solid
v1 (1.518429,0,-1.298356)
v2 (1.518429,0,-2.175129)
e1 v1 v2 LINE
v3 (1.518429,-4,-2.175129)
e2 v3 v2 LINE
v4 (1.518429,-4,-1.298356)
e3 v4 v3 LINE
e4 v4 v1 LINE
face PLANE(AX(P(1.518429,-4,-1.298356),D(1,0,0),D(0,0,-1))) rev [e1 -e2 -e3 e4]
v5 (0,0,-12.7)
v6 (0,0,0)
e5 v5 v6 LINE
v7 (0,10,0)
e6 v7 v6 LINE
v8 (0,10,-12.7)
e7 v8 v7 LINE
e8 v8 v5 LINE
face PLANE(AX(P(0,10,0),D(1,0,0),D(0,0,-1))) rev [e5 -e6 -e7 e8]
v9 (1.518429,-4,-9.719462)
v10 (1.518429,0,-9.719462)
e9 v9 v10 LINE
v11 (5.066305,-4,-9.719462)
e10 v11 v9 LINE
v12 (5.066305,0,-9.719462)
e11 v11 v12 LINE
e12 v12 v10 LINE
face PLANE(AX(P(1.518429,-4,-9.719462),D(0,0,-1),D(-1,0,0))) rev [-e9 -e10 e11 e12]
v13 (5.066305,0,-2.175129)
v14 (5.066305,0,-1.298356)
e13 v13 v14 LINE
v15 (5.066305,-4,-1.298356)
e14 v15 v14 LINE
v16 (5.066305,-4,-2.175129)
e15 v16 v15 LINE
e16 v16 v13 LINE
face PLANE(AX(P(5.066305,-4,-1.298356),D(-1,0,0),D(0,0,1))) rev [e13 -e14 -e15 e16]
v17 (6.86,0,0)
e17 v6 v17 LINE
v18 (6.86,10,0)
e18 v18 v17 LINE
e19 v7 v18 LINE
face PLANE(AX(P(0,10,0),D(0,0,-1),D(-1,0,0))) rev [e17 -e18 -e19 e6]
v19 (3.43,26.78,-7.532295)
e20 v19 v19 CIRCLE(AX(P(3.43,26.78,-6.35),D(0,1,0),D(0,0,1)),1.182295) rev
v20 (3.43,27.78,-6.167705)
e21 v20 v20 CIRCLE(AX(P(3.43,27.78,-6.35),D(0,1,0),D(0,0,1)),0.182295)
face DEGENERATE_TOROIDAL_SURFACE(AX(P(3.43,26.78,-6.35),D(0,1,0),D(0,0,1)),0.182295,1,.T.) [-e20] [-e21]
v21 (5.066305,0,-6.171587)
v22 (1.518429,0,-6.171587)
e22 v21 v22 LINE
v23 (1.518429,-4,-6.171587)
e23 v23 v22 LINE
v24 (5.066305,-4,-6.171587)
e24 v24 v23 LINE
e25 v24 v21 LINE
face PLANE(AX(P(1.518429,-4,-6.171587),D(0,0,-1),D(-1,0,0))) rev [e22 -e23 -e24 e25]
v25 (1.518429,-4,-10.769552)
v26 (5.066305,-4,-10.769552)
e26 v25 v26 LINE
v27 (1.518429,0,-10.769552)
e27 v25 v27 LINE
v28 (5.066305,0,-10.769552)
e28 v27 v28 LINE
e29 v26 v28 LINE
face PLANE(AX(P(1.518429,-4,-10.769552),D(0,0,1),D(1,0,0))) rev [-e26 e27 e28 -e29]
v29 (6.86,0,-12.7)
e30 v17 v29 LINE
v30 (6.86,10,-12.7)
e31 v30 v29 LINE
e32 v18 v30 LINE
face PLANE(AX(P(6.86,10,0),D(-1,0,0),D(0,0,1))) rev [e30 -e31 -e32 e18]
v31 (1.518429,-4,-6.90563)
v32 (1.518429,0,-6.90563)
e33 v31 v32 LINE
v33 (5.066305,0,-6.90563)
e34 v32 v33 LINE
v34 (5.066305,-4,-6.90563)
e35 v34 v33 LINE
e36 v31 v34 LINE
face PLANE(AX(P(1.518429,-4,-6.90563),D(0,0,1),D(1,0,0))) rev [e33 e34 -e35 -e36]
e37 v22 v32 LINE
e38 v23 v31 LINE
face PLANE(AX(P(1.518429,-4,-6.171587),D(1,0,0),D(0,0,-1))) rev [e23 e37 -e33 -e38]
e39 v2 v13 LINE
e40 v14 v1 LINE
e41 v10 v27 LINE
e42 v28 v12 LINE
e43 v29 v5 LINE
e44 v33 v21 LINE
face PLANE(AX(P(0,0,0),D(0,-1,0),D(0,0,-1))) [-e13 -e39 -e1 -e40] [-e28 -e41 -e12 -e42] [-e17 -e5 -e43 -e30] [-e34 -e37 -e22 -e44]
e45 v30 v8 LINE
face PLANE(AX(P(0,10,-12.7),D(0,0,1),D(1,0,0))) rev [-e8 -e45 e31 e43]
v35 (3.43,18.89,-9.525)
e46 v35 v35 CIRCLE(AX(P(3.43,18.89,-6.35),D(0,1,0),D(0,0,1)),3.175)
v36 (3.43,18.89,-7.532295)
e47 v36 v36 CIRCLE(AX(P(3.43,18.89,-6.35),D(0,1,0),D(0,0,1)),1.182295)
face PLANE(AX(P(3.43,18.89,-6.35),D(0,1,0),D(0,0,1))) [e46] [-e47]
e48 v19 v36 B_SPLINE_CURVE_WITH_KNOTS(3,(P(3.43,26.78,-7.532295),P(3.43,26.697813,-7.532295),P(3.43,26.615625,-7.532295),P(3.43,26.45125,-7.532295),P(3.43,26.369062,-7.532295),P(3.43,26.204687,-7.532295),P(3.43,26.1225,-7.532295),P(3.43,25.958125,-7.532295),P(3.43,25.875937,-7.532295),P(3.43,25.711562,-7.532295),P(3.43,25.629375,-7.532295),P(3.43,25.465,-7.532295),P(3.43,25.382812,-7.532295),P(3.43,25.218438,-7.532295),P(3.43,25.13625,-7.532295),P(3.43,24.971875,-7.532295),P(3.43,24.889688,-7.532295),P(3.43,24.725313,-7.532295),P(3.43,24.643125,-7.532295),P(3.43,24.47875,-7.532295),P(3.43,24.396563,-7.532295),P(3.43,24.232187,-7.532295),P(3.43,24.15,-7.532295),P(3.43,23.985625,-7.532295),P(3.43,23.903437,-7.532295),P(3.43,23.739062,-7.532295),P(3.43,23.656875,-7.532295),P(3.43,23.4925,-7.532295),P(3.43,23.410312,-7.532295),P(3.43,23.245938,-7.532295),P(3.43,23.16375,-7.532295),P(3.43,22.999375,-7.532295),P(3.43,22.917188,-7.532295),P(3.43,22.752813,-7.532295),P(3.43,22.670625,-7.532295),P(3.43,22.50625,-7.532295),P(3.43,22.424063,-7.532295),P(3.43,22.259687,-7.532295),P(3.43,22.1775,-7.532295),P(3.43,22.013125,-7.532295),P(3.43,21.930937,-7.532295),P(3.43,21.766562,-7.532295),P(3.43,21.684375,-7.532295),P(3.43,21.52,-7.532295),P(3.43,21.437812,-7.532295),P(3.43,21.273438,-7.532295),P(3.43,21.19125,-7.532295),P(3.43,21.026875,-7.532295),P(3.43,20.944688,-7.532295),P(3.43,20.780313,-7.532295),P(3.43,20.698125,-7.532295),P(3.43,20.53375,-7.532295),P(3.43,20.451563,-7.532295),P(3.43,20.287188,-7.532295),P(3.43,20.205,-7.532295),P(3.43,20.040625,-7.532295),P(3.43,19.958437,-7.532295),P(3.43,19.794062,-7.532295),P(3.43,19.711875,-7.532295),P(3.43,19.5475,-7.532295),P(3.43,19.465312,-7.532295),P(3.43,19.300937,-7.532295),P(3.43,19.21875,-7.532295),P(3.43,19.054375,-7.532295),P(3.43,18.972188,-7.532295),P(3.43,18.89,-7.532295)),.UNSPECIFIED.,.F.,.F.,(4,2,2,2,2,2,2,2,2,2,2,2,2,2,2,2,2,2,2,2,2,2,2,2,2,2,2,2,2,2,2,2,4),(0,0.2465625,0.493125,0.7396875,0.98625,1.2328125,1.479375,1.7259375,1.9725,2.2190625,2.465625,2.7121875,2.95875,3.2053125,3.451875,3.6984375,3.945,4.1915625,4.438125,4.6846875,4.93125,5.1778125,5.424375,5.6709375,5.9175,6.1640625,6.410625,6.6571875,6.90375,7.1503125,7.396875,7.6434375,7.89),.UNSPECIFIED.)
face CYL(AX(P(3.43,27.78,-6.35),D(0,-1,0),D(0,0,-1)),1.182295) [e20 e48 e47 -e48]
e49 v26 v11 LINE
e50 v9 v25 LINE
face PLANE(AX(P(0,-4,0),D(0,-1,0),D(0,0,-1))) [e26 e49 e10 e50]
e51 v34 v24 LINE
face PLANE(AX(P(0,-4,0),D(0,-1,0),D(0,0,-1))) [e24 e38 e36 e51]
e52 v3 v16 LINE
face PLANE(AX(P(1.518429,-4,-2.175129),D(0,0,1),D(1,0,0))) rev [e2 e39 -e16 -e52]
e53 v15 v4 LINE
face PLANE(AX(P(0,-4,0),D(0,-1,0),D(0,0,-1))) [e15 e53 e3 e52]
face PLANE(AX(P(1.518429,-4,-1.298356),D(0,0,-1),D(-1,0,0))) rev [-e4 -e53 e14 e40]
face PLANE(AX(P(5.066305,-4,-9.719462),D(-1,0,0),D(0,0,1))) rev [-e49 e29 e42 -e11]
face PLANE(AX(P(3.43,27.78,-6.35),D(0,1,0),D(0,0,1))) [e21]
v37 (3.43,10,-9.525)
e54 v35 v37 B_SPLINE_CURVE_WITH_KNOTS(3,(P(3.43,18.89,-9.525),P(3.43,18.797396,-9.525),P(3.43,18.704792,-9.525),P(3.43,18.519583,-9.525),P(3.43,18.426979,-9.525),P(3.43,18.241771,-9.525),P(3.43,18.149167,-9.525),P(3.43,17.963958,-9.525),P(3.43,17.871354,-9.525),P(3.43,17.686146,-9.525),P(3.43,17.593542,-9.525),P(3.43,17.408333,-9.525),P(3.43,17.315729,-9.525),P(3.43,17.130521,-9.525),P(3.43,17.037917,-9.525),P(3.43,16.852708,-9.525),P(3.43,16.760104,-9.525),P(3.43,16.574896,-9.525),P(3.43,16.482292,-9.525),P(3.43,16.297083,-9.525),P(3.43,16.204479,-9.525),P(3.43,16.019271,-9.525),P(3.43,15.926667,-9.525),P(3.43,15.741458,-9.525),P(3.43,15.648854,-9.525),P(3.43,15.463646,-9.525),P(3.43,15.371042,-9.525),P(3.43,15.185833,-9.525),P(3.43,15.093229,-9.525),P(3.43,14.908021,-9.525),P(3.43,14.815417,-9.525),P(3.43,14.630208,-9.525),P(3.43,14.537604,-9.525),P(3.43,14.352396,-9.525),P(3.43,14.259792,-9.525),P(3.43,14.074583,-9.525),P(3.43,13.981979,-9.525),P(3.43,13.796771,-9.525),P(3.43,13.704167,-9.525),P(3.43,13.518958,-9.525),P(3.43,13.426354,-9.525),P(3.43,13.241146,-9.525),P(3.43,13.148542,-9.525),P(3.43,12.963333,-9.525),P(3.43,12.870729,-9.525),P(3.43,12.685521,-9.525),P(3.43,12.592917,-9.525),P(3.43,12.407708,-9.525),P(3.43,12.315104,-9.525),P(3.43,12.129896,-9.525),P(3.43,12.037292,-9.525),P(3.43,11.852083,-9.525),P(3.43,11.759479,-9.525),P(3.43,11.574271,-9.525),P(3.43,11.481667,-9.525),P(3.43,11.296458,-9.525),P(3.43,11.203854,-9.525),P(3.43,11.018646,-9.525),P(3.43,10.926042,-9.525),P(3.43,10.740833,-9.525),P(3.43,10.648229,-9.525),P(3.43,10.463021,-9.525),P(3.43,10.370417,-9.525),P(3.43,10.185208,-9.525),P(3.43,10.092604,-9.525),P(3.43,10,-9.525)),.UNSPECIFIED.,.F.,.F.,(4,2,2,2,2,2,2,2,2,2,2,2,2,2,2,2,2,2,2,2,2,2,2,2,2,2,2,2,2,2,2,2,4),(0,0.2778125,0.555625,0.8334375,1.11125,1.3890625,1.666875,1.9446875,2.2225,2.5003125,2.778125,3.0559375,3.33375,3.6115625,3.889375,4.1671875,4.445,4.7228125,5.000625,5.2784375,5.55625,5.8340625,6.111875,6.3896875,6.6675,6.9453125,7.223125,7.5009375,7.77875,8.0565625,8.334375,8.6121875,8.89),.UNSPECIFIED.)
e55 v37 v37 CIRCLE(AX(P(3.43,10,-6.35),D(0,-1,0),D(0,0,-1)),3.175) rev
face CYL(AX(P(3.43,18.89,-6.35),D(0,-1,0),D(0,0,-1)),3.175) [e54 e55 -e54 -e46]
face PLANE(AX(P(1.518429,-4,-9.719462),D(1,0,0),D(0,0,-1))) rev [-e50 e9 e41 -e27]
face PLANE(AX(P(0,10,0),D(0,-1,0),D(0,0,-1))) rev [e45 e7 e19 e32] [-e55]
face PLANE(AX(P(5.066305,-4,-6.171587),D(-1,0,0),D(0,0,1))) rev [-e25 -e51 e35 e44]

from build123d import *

# Parameters (mm, degrees)
SKETCH1_W           = 6.86
SKETCH1_H           = 12.7
BOSS_EXTRUDE1_DEPTH = 10
SKETCH2_W           = 3.547875369
SKETCH2_H           = 0.73404318
SKETCH2_H_2         = 0.876773798
SKETCH2_H_3         = 1.050089549
BOSS_EXTRUDE2_DEPTH = 4
SKETCH3_R           = 3.175
BOSS_EXTRUDE3_DEPTH = 8.89
SKETCH4_R           = 1.182295496
BOSS_EXTRUDE4_DEPTH = 8.89
FILLET1_R           = 1


with BuildPart() as part:
    # Sketch1 → Boss-Extrude1 (new body)
    with BuildSketch(Plane(origin=(0, 0, 0), x_dir=(1, 0, 0), z_dir=(0, 1, 0))):
        with Locations((3.43, 6.35)):
            Rectangle(SKETCH1_W, SKETCH1_H)
    extrude(amount=BOSS_EXTRUDE1_DEPTH)

    # Sketch2 → Boss-Extrude2 (add)
    with BuildSketch(Plane.XZ):
        with Locations((3.292366904, -6.538608317)):
            Rectangle(SKETCH2_W, SKETCH2_H)
        with Locations((3.292366904, -1.736742516)):
            Rectangle(SKETCH2_W, SKETCH2_H_2)
        with Locations((3.292366904, -10.244506871)):
            Rectangle(SKETCH2_W, SKETCH2_H_3)
    extrude(amount=BOSS_EXTRUDE2_DEPTH)

    # Sketch3 → Boss-Extrude3 (add)
    with BuildSketch(Plane(origin=(0, 10, 0), x_dir=(1, 0, 0), z_dir=(0, 1, 0))):
        with Locations(Location((3.43, 6.35, 0), (0, 0, 90))):
            Circle(SKETCH3_R)
    extrude(amount=BOSS_EXTRUDE3_DEPTH)

    # Sketch4 → Boss-Extrude4 (add)
    with BuildSketch(Plane(origin=(0, 18.89, 0), x_dir=(1, 0, 0), z_dir=(0, 1, 0))):
        with Locations(Location((3.43, 6.35, 0), (0, 0, 90))):
            Circle(SKETCH4_R)
    extrude(amount=BOSS_EXTRUDE4_DEPTH)

    # Fillet1
    fillet1_edges = [part.edges().sort_by_distance(p)[0] for p in [
        (3.43, 27.78, -5.167704504),
    ]]
    fillet(fillet1_edges, radius=FILLET1_R)


solid = part.part
